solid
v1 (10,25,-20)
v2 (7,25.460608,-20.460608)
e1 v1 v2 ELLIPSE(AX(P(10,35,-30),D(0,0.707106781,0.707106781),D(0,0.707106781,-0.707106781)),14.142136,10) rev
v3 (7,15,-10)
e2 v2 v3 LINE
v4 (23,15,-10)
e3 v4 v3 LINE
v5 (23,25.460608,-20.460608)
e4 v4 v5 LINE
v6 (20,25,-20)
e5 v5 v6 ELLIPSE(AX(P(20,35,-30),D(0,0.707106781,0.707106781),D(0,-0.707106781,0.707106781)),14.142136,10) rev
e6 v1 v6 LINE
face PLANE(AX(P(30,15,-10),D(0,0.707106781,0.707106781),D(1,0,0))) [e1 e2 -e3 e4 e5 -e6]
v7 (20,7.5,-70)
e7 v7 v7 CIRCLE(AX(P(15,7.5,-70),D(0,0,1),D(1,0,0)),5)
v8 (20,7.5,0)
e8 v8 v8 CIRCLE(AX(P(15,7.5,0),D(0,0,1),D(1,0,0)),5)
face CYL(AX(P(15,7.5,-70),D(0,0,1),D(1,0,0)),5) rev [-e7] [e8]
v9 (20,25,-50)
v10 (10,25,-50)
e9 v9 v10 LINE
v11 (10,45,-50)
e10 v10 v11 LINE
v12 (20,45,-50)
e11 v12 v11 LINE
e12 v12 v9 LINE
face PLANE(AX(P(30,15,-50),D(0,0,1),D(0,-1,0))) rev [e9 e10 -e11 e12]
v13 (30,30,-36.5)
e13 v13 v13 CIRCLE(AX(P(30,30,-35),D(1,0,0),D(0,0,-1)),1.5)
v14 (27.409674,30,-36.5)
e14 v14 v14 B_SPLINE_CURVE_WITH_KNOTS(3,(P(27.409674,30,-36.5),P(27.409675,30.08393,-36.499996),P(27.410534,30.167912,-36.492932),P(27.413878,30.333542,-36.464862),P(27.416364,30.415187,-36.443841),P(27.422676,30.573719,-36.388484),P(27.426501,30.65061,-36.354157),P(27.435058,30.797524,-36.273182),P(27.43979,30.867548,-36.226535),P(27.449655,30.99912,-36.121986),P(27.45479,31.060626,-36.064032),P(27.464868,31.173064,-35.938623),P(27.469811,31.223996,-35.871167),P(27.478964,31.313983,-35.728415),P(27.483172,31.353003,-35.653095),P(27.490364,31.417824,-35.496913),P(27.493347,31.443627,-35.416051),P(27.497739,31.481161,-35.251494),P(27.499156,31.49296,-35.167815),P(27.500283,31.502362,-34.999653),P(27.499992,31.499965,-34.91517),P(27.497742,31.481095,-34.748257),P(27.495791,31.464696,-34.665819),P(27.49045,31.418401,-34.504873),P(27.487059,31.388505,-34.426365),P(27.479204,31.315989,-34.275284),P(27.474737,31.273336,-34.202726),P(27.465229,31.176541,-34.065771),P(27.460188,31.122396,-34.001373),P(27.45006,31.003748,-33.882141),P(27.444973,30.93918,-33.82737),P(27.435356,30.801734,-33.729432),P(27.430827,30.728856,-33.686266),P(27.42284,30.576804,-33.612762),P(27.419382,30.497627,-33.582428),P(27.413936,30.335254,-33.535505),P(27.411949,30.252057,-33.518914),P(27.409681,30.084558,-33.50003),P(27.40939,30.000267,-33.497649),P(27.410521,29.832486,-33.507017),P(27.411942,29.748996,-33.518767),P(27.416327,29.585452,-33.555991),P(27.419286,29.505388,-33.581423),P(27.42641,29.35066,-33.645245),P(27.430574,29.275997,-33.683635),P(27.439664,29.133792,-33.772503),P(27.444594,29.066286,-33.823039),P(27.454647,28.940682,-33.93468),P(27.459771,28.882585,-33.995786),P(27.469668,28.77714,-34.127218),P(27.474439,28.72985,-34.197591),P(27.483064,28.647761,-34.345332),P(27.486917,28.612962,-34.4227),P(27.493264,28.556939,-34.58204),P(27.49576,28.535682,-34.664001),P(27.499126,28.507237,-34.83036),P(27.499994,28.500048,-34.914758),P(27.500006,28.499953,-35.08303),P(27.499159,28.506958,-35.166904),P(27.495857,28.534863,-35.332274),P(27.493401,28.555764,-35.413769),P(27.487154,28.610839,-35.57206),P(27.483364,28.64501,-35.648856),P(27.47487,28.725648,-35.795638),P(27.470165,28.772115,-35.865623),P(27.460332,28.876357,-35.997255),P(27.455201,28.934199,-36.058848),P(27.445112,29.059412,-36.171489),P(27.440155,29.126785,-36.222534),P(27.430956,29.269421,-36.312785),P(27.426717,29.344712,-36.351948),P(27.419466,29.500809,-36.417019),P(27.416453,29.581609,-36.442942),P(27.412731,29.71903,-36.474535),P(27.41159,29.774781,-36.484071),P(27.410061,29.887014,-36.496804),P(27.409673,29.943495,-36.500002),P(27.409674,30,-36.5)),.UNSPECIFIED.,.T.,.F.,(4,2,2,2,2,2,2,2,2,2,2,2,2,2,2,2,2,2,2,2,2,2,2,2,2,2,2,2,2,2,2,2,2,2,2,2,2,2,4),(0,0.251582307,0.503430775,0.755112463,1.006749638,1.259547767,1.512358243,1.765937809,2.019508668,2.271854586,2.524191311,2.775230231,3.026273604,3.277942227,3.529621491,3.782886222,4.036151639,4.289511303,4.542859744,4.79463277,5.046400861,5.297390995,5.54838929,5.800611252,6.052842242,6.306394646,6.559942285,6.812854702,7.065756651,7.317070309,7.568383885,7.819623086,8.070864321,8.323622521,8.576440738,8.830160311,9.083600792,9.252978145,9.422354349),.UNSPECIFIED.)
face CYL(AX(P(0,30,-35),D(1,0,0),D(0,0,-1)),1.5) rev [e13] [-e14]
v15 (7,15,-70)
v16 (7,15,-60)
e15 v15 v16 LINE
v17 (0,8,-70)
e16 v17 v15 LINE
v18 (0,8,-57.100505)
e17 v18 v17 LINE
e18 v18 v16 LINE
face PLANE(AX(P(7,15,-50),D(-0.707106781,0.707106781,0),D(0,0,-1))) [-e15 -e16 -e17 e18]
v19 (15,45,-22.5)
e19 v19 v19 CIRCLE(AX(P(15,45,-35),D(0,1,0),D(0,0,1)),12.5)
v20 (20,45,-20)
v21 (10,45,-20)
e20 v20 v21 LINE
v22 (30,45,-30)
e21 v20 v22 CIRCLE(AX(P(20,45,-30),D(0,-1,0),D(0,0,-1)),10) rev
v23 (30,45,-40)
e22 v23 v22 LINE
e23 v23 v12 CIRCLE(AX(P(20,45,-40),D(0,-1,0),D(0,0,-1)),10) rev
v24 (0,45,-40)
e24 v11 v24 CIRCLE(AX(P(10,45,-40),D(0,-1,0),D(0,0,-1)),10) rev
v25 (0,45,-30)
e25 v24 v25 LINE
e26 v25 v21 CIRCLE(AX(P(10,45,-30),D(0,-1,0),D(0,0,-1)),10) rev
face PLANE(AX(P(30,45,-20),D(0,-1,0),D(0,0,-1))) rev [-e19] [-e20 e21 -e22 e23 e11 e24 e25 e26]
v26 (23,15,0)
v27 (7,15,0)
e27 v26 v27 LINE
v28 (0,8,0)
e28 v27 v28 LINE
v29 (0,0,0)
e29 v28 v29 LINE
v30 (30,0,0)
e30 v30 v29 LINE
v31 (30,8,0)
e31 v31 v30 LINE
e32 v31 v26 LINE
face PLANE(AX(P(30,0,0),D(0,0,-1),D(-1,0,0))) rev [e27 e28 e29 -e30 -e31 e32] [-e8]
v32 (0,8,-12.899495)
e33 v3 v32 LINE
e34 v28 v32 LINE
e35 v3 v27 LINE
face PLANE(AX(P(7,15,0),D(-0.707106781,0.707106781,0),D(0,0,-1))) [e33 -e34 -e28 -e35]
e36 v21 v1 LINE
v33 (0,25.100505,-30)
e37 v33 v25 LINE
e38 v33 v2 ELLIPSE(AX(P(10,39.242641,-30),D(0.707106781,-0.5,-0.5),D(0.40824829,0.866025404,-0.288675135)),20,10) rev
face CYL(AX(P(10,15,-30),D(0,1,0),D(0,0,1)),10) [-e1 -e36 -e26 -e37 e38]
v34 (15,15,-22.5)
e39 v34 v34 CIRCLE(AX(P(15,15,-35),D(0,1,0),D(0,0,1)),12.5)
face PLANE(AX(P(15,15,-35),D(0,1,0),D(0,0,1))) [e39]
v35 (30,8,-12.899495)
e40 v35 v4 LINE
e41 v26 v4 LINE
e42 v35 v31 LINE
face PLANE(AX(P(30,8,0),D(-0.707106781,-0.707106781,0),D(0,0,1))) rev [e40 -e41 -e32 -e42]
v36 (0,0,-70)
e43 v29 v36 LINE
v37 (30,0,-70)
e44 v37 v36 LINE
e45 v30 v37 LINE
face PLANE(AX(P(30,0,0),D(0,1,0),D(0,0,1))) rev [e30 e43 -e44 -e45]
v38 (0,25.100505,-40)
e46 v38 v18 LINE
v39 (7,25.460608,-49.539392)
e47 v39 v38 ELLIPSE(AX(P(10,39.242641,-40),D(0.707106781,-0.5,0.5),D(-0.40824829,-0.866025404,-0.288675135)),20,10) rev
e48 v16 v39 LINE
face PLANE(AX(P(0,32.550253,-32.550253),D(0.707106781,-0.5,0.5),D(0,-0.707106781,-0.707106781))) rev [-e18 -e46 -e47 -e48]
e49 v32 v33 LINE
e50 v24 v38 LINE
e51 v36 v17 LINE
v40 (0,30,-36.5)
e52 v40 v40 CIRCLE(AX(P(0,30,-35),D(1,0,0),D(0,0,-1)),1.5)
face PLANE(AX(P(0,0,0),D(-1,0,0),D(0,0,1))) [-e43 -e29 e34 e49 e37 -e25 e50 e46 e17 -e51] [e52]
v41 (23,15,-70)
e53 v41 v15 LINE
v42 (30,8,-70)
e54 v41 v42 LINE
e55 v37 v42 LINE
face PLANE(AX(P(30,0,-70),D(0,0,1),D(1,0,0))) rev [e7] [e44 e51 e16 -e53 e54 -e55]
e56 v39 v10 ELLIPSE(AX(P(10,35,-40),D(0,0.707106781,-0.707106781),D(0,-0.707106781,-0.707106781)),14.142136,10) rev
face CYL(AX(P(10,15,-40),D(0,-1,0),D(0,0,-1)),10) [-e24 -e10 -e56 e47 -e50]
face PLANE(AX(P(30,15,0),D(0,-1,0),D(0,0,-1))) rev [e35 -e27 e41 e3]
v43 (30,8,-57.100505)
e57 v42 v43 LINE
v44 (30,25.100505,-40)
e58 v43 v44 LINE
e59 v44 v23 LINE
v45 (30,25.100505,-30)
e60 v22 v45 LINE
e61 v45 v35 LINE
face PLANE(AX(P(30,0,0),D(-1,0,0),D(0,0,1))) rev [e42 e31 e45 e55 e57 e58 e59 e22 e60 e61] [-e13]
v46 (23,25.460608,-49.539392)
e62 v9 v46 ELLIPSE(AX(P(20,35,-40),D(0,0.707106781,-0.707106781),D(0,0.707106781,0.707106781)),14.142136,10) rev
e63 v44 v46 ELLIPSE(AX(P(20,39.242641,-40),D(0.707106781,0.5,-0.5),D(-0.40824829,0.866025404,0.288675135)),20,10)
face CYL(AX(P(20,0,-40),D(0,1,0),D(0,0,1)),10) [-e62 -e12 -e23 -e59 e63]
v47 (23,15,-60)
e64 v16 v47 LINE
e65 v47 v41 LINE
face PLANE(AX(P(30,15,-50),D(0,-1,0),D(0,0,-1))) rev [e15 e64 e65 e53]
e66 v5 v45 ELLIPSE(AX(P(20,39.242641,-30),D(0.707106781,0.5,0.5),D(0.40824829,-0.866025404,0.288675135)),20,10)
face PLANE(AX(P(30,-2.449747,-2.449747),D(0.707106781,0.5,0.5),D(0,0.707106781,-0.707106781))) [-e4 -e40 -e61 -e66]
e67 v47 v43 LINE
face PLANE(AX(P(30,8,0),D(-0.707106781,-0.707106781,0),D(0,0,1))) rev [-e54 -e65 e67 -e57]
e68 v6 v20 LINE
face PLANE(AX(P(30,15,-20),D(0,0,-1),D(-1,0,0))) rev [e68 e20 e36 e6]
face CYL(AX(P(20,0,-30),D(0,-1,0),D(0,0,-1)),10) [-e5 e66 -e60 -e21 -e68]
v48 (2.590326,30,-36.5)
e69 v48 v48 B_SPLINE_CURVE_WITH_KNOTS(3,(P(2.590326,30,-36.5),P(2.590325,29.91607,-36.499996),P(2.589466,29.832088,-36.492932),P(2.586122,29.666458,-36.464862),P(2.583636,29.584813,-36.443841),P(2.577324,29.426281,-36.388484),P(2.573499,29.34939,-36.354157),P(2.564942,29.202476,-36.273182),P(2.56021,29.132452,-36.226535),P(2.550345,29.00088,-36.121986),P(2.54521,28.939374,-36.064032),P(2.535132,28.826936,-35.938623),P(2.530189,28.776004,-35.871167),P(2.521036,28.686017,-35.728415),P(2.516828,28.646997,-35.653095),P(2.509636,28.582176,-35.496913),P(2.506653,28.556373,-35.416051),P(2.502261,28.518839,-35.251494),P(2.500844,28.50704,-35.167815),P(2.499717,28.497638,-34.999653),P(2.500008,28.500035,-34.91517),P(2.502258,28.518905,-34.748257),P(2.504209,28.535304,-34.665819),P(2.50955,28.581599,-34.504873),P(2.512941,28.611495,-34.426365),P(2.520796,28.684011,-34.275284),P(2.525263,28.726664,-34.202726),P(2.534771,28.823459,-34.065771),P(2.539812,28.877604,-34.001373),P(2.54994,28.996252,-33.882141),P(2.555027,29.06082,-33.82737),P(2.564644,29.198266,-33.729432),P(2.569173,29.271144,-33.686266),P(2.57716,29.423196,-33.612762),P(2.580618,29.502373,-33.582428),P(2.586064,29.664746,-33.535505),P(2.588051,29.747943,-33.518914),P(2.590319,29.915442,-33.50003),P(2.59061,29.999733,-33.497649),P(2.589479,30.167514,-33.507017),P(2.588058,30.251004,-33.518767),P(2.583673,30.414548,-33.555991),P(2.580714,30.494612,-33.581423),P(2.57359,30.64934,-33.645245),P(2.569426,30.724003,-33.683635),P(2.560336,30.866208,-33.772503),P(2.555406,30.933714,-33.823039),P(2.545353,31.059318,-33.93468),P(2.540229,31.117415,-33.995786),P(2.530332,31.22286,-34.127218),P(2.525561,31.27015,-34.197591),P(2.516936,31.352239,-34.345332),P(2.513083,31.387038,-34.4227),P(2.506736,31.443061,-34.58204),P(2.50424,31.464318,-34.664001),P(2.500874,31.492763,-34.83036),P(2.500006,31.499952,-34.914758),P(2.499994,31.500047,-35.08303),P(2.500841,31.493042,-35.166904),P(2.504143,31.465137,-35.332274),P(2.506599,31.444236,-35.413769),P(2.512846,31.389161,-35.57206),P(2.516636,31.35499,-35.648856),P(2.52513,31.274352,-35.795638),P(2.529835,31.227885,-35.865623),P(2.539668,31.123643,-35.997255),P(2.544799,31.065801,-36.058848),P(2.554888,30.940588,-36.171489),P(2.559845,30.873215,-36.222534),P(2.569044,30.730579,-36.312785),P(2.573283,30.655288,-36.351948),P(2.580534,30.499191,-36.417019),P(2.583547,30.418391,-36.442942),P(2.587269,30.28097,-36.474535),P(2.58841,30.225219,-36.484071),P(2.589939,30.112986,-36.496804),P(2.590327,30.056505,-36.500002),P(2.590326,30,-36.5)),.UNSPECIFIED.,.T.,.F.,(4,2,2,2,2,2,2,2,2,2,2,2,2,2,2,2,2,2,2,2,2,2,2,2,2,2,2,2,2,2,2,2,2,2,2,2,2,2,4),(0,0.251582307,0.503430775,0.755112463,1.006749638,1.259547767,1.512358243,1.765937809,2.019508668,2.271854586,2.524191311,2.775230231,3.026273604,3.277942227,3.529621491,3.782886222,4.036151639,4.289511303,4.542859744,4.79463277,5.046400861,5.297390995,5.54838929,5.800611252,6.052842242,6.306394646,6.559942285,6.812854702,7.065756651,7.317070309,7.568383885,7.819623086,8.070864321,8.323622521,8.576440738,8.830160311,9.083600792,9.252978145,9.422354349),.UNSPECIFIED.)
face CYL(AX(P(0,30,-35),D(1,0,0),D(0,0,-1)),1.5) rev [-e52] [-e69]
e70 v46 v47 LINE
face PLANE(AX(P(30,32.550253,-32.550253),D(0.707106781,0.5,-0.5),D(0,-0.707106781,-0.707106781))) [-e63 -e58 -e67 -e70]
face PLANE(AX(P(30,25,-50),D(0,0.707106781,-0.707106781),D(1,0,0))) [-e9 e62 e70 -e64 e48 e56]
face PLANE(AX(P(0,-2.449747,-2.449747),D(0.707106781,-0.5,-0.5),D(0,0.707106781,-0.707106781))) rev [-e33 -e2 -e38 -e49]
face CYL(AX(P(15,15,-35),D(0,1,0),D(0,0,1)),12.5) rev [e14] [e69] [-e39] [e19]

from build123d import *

# Parameters (mm, degrees)
EXTRUDE_1_DEPTH     = 30
SKETCH_2_R          = 12.5
CUT_EXTRUDE_1_DEPTH = 30
SKETCH_3_R          = 5
CUT_EXTRUDE_2_DEPTH = 89.459030065
CHAMFER_1_SIZE      = 10
FILLET_1_R          = 10
CHAMFER_2_SIZE      = 7
SKETCH_4_R          = 1.5
CUT_EXTRUDE_3_DEPTH = 89.459030065


with BuildPart() as part:
    # 草圖1 → 填料-伸長1 (new body)
    with BuildSketch(Plane(origin=(0, 0, 0), x_dir=(0, 0, -1), z_dir=(1, 0, 0))):
        Polygon((50, 15), (70, 15), (70, 0), (0, 0), (0, 15), (20, 15), (20, 45), (50, 45), align=None)
    extrude(amount=EXTRUDE_1_DEPTH)

    # 草圖2 → 除料-伸長1 (cut)
    with BuildSketch(Plane(origin=(0, 45, 0), x_dir=(1, 0, 0), z_dir=(0, 1, 0))):
        with Locations(Location((15, 35, 0), (0, 0, 270))):
            Circle(SKETCH_2_R)
    extrude(amount=-CUT_EXTRUDE_1_DEPTH, mode=Mode.SUBTRACT)

    # 草圖3 → 除料-伸長2 (cut, through all)
    with BuildSketch(Plane.XY):
        with Locations((15, 7.5)):
            Circle(SKETCH_3_R)
    extrude(amount=-CUT_EXTRUDE_2_DEPTH, mode=Mode.SUBTRACT)

    # 導角1
    chamfer_1_edges = [part.edges().sort_by_distance(p)[0] for p in [
        (15, 15, -20),
        (15, 15, -50),
    ]]
    chamfer(chamfer_1_edges, length=CHAMFER_1_SIZE)

    # 圓角1
    fillet_1_edges = [part.edges().sort_by_distance(p)[0] for p in [
        (30, 35, -20),
        (0, 35, -50),
        (30, 35, -50),
        (0, 35, -20),
    ]]
    fillet(fillet_1_edges, radius=FILLET_1_R)

    # 導角2
    chamfer_2_edges = [part.edges().sort_by_distance(p)[0] for p in [
        (0, 15, -5),
        (0, 25, -20),
        (0, 15, -65),
        (0, 25, -50),
        (30, 15, -65),
        (30, 25, -50),
        (30, 15, -5),
        (30, 25, -20),
    ]]
    chamfer(chamfer_2_edges, length=CHAMFER_2_SIZE)

    # 草圖4 → 除料-伸長3 (cut, through all)
    with BuildSketch(Plane(origin=(30, 0, 0), x_dir=(0, 0, -1), z_dir=(1, 0, 0))):
        with Locations((35, 30)):
            Circle(SKETCH_4_R)
    extrude(amount=-CUT_EXTRUDE_3_DEPTH, mode=Mode.SUBTRACT)


solid = part.part
